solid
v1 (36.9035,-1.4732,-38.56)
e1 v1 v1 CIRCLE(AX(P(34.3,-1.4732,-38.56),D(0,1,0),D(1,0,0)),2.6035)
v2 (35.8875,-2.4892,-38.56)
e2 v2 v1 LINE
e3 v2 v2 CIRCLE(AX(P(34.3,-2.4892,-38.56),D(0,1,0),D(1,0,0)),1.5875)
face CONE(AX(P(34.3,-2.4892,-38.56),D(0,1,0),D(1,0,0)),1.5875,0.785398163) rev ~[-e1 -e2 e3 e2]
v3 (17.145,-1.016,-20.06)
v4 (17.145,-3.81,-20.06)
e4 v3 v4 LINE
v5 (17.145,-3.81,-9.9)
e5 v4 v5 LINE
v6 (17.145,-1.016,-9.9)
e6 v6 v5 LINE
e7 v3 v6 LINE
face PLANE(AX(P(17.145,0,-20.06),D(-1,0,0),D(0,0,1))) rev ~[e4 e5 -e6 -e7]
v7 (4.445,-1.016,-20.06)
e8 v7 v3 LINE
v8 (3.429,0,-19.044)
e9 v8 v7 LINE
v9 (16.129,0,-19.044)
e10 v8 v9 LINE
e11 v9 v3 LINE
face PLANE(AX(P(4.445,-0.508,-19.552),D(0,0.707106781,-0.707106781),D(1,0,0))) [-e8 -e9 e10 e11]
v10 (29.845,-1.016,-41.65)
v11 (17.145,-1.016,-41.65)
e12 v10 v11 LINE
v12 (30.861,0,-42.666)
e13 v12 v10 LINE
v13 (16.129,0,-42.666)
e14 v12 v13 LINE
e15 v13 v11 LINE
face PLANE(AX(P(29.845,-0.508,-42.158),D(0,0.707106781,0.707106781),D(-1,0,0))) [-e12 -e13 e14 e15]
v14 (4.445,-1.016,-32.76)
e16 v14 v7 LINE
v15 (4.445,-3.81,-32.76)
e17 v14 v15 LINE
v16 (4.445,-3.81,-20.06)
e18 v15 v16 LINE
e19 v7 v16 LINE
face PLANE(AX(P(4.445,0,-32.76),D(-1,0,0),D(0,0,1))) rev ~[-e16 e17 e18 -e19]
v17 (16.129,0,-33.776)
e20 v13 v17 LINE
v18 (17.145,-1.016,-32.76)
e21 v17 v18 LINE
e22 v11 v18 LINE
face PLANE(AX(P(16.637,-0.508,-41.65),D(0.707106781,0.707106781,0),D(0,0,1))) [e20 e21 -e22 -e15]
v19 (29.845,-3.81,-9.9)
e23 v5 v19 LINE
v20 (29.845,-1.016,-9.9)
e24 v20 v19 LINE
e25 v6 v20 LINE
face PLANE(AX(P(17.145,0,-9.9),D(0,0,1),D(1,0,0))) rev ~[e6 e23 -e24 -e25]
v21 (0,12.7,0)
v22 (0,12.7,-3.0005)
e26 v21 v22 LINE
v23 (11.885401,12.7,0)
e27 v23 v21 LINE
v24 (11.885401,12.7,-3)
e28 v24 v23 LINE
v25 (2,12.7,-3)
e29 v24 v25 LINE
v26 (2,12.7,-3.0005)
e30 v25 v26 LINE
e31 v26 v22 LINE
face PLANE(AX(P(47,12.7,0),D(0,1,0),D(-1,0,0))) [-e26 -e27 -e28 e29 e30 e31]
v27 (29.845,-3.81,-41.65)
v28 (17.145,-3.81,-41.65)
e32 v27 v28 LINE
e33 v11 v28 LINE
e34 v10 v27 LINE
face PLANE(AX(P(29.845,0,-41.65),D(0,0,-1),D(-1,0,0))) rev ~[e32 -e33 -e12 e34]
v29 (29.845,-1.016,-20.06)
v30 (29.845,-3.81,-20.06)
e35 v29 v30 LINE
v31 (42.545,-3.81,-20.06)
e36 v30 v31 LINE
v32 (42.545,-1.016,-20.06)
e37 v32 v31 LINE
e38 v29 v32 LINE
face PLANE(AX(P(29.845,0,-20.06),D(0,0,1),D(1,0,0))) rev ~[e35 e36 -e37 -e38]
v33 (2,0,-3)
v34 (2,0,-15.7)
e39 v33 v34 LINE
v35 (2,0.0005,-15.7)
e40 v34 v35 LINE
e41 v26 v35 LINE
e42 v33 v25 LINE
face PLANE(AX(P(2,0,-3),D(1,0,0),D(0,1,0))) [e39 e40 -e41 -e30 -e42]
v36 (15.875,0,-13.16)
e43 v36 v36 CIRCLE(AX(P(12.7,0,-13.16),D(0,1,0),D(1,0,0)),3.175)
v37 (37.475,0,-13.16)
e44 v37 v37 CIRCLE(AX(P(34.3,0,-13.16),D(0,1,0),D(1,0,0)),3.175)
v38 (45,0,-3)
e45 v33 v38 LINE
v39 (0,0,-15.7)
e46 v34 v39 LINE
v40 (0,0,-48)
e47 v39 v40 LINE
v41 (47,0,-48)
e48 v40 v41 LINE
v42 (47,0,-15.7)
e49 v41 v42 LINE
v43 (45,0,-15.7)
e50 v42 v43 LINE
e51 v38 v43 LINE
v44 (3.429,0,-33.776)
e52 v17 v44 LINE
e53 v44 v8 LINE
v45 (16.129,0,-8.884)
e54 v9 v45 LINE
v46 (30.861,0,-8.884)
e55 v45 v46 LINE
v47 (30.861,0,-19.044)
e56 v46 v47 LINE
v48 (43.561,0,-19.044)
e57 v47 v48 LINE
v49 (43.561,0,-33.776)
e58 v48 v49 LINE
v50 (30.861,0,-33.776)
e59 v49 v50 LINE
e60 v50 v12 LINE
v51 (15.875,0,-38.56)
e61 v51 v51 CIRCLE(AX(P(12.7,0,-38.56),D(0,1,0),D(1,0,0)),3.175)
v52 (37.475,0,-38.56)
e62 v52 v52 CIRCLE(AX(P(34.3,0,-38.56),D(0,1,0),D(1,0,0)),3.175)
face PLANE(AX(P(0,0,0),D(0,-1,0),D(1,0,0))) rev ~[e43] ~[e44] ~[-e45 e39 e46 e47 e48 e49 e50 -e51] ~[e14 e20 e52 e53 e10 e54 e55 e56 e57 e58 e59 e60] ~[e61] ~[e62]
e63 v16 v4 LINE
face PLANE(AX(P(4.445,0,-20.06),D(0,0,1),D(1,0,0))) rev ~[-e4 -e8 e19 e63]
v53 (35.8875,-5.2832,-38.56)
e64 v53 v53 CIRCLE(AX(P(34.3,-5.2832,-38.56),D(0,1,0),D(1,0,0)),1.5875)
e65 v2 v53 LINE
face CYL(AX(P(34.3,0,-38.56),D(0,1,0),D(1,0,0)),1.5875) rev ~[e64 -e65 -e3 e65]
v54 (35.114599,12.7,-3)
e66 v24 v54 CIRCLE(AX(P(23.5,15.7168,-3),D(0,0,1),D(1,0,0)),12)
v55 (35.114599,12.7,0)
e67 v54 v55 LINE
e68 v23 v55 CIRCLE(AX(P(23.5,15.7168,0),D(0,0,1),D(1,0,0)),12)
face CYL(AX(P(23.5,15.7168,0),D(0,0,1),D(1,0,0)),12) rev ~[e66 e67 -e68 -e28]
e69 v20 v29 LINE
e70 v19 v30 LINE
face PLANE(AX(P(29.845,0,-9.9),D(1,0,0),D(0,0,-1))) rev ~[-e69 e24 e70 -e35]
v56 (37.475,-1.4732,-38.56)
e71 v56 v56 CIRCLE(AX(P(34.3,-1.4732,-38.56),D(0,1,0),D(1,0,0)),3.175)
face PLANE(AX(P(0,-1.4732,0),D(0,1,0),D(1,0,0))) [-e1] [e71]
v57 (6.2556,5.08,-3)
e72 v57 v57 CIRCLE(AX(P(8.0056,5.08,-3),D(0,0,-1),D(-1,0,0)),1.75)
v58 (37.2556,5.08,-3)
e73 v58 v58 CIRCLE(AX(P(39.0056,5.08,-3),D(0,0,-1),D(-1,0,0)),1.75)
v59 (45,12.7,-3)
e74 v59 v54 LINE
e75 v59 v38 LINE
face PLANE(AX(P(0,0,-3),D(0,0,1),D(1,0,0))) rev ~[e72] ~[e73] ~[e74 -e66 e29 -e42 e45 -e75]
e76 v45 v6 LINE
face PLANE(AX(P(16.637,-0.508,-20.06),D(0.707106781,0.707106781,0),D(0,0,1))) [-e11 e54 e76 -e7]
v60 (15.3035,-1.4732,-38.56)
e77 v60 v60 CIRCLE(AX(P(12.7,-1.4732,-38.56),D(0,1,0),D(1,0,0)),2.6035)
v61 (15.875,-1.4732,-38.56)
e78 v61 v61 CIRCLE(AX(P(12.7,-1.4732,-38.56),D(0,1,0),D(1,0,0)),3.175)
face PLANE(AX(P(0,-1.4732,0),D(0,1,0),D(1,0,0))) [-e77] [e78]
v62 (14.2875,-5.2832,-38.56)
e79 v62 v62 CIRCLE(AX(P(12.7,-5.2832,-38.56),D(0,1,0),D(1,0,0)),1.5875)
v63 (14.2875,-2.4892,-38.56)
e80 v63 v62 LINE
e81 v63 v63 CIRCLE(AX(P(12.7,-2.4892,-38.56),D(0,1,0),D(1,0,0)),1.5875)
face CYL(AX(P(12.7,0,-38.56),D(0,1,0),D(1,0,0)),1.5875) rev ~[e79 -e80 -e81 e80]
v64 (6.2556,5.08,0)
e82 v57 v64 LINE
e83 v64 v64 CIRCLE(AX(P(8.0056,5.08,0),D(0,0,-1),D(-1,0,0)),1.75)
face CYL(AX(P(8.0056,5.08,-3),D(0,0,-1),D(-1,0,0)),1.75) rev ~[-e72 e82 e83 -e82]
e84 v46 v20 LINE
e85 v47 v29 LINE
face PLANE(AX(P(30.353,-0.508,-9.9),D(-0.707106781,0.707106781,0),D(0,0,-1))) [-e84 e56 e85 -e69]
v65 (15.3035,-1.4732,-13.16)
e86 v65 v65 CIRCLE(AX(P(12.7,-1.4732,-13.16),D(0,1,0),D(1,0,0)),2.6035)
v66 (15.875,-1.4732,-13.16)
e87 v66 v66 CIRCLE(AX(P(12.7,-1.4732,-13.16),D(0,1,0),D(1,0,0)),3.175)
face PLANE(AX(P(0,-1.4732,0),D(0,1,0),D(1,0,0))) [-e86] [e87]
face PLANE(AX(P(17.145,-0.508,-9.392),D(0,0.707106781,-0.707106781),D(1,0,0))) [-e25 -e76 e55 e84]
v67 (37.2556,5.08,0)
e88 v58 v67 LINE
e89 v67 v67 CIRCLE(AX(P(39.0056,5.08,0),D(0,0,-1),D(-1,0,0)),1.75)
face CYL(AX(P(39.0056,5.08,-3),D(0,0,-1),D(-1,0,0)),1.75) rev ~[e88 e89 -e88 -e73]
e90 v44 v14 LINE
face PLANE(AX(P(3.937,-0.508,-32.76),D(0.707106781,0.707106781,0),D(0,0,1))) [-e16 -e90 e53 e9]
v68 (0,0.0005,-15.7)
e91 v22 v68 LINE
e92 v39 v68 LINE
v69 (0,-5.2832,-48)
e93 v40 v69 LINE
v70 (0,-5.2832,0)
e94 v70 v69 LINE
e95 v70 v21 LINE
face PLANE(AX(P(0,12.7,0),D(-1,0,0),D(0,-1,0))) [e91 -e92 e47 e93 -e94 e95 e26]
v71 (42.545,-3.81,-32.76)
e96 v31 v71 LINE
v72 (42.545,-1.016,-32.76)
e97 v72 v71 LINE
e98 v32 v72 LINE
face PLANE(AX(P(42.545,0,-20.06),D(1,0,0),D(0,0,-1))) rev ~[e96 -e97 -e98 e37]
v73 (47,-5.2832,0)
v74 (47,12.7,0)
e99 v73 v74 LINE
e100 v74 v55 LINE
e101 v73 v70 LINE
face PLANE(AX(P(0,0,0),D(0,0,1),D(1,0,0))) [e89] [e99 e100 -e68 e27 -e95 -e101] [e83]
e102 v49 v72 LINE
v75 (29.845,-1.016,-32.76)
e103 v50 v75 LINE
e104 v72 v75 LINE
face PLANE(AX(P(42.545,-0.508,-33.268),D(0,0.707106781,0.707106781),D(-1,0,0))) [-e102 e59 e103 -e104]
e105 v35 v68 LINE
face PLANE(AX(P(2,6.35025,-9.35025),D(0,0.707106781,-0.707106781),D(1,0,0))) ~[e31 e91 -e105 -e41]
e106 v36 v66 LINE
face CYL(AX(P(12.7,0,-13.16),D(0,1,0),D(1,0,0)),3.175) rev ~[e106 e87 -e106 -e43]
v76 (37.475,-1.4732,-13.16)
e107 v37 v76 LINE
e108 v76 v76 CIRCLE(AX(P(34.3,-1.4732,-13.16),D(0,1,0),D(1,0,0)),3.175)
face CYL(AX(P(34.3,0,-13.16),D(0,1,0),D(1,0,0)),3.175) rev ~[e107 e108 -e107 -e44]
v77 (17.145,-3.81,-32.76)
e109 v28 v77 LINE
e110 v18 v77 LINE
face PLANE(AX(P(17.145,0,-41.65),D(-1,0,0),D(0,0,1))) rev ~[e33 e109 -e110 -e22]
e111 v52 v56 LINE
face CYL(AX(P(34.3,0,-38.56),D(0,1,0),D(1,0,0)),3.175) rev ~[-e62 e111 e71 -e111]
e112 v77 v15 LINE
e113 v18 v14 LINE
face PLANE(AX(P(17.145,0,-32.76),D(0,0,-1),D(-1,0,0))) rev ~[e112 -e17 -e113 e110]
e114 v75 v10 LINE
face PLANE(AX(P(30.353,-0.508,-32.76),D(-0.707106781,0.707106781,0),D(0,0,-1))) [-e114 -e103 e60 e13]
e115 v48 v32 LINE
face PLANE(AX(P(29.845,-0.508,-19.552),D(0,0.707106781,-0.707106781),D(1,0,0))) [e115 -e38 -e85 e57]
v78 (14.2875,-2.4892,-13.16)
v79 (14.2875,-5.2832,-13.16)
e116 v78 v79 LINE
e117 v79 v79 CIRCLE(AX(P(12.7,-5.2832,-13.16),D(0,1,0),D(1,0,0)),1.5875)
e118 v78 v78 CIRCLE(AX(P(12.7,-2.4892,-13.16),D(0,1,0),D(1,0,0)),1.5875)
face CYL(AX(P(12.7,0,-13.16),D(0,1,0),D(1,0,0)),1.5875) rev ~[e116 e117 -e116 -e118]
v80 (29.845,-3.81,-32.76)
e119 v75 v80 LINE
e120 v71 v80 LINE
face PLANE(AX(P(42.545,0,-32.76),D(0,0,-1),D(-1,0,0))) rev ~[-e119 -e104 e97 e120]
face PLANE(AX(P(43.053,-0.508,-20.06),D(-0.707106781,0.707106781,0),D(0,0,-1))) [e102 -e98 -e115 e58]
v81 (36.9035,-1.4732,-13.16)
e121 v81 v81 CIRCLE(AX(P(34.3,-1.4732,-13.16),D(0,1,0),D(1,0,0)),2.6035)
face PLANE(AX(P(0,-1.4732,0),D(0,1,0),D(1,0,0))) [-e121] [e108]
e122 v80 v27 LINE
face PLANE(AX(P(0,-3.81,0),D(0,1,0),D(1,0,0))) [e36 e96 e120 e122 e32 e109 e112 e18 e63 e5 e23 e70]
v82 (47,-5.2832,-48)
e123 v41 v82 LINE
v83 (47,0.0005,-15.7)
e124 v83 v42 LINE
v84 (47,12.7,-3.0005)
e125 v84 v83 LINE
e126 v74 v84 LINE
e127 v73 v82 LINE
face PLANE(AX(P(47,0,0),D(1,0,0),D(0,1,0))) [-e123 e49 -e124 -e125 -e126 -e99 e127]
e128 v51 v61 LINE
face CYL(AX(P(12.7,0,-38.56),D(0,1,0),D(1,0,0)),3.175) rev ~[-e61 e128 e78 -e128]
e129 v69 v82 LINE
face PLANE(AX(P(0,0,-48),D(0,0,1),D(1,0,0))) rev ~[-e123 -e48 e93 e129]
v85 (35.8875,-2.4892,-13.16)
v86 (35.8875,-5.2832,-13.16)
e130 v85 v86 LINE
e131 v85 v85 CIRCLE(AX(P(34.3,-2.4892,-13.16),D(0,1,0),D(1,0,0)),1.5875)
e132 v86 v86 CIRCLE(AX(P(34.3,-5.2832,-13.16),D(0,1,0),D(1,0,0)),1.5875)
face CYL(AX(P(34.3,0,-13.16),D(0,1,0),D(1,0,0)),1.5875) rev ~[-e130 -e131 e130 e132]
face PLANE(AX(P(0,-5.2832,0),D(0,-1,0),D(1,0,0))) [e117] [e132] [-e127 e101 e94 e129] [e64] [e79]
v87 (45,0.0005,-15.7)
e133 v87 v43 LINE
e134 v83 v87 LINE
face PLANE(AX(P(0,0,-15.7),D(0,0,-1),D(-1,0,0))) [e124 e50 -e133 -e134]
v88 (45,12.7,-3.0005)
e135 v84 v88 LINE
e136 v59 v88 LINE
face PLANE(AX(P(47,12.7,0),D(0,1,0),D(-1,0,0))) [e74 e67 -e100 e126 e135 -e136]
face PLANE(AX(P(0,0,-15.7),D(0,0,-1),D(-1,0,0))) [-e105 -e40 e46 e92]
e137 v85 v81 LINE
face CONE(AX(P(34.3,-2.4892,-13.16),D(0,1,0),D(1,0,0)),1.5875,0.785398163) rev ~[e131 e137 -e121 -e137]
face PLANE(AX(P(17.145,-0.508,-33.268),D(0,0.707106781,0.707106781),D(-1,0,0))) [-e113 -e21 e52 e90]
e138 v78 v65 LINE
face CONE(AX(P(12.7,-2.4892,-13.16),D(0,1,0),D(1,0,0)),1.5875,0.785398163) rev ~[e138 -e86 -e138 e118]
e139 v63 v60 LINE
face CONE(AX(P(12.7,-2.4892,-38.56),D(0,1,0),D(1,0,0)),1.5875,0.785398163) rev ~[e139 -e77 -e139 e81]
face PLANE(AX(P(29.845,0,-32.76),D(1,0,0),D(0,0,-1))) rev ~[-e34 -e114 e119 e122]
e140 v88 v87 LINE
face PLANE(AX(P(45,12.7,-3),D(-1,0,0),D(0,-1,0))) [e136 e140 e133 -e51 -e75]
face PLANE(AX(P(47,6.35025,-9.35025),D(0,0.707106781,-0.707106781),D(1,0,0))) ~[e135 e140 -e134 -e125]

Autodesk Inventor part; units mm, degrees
ref_plane "YZ Plane" through (0, 0, 0) normal (1, 0, 0) x (0, 1, 0)
ref_plane "XZ Plane" through (0, 0, 0) normal (0, 1, 0) x (-1, 0, 0)
ref_plane "XY Plane" through (0, 0, 0) normal (0, 0, 1) x (1, 0, 0)
sketch "Sketch1" plane through (0, 0, 0) normal (0, 0, 1) x (1, 0, 0)
  line L0 (0, 0) -> (47, 0)
  line L1 (47, 0) -> (47, 12.7)
  line L2 (47, 12.7) -> (0, 12.7)
  line L3 (0, 12.7) -> (0, 0)
  dimension "d0" = 47
  dimension "d1" = 12.7
extrude "Extrusion1" add sketch "Sketch1" against normal blind 3
sketch "Sketch2" plane through (0, 0, 0) normal (0, -1, 0) x (1, 0, 0)
  line L0 (47, 0) -> (0, 0)
  line L1 (0, 0) -> (0, -48)
  line L2 (0, -48) -> (47, -48)
  line L3 (47, -48) -> (47, 0)
  line L4 (47, 0) -> (47, -3) projected
  line L5 (47, 0) -> (0, 0) projected
  dimension "d6" = 0
  dimension "d24" = 48
  dimension "d25" = 0
extrude "Extrusion2" add sketch "Sketch2" along normal blind 5.2832
sketch "Sketch3" plane through (0, 0, -3) normal (0, 0, -1) x (-1, 0, 0)
  line L0 (-47, 12.7) -> (-47, 0) projected
  line L1 (-47, 0) -> (0, 0) projected
  line L2 (-47, 12.7) -> (-45, 12.7)
  line L3 (-45, 12.7) -> (-45, 0)
  line L4 (-45, 0) -> (-47, 0)
  line L5 (-47, 0) -> (-47, 12.7)
  line L6 (0, 0) -> (0, 12.7) projected
  line L7 (0, 0) -> (-2, 0)
  line L8 (-2, 0) -> (-2, 12.7)
  line L9 (-2, 12.7) -> (0, 12.7)
  line L10 (0, 12.7) -> (0, 0)
  dimension "d7" = 2
  dimension "d8" = 2
  dimension "d9" = 12.7
extrude "Extrusion3" add sketch "Sketch3" along normal blind 12.7
chamfer "Chamfer1" distance 12.7 angle 45 2 edges at (46, 12.7, -15.7) (1, 12.7, -15.7)
sketch "Sketch4" plane through (0, 0, -3) normal (0, 0, -1) x (-1, 0, 0)
  circle A0 centre (-39.0056, 5.08) radius 1.75
  circle A1 centre (-8.0056, 5.08) radius 1.75
  line L0 (-45, 0) -> (-45, 12.7) projected
  line L1 (-2, 12.7) -> (-2, 0) projected
  line L2 (0, 0) -> (-47, 0) projected
  dimension "d15" = 3.5
  dimension "d16" = 3.5
  dimension "d17" = 5.9944
  dimension "d18" = 31
  dimension "d19" = 6.0056
  dimension "d20" = 5.08
  dimension "d21" = 5.08
extrude "Extrusion4" cut sketch "Sketch4" against normal blind 12.7
sketch "Sketch5" plane through (0, 0, 0) normal (0, 0, 1) x (1, 0, 0)
  circle A0 centre (23.5, 15.7168) radius 12
  line L0 (47, -5.2832) -> (47, 12.7) projected
  line L1 (47, -5.2832) -> (0, -5.2832) projected
  point P0 (0, 0)
  dimension "d26" = 24
  dimension "d27" = 23.5
  dimension "d28" = 21
extrude "Extrusion5" cut sketch "Sketch5" against normal blind 5.2832
sketch "Sketch6" plane through (0, 0, 0) normal (0, 1, 0) x (1, 0, 0)
  circle A0 centre (12.7, 13.16) radius 1.5875
  circle A1 centre (12.7, 38.56) radius 1.5875
  circle A2 centre (34.3, 38.56) radius 1.5875
  circle A3 centre (34.3, 13.16) radius 1.5875
  line L0 (2, 3) -> (11.8854, 3) projected
  line L1 (0, 15.7) -> (0, 48) projected
  line L2 (47, 48) -> (47, 15.7) projected
  point P0 (0, 0)
  dimension "d31" = 3.175
  dimension "d32" = 3.175
  dimension "d33" = 3.175
  dimension "d34" = 3.175
  dimension "d35" = 10.16
  dimension "d36" = 25.4
  dimension "d37" = 25.4
  dimension "d38" = 10.16
  dimension "d39" = 12.7
  dimension "d40" = 12.7
  dimension "d41" = 12.7
  dimension "d42" = 12.7
extrude "Extrusion6" cut sketch "Sketch6" against normal blind 5.2832
sketch "Sketch7" plane through (0, 0, 0) normal (0, 1, 0) x (1, 0, 0)
  circle A0 centre (12.7, 13.16) radius 1.5875 projected
  circle A1 centre (12.7, 13.16) radius 3.175
  circle A2 centre (12.7, 38.56) radius 1.5875 projected
  circle A3 centre (12.7, 38.56) radius 3.175
  circle A4 centre (34.3, 13.16) radius 1.5875 projected
  circle A5 centre (34.3, 13.16) radius 3.175
  circle A6 centre (34.3, 38.56) radius 1.5875 projected
  circle A7 centre (34.3, 38.56) radius 3.175
  point P0 (0, 0)
  dimension "d45" = 6.35
  dimension "d46" = 6.35
  dimension "d47" = 6.35
  dimension "d48" = 6.35
extrude "Extrusion7" cut sketch "Sketch7" against normal blind 1.4732 contours A0 | A1 | A2 | A3 | A4 | A5 | A6 | A7
chamfer "Chamfer2" distance 1.016 angle 45 4 edges at (11.1125, -1.4732, -13.16) (32.7125, -1.4732, -13.16) (11.1125, -1.4732, -38.56) (32.7125, -1.4732, -38.56)
sketch "Sketch8" plane through (0, 0, 0) normal (0, 1, 0) x (1, 0, 0)
  line L0 (4.445, 20.06) -> (42.545, 20.06)
  line L1 (42.545, 20.06) -> (42.545, 32.76)
  line L2 (42.545, 32.76) -> (4.445, 32.76)
  line L3 (4.445, 32.76) -> (4.445, 20.06)
  line L4 (17.145, 9.9) -> (29.845, 9.9)
  line L5 (29.845, 9.9) -> (29.845, 41.65)
  line L6 (29.845, 41.65) -> (17.145, 41.65)
  line L7 (17.145, 41.65) -> (17.145, 9.9)
  line L8 (0, 15.7) -> (0, 48) projected
  line L9 (47, 48) -> (47, 15.7) projected
  line L10 (0, 48) -> (47, 48) projected
  point P0 (0, 0)
  point P1 (17.145, 20.06)
  point P2 (29.845, 20.06)
  point P3 (29.845, 32.76)
  point P4 (17.145, 32.76)
  dimension "d54" = 12.7
  dimension "d55" = 38.1
  dimension "d56" = 4.445
  dimension "d57" = 4.455
  dimension "d58" = 15.24
  dimension "d59" = 12.7
  dimension "d60" = 17.145
  dimension "d61" = 17.155
  dimension "d62" = 31.75
  dimension "d63" = 6.35
extrude "Extrusion8" cut sketch "Sketch8" against normal blind 3.81
chamfer "Chamfer3" distance 1.016 angle 45 12 edges at (10.795, 0, -20.06) (4.445, 0, -26.41) (10.795, 0, -32.76) (17.145, 0, -37.205) (23.495, 0, -41.65) (29.845, 0, -37.205) (36.195, 0, -32.76) (42.545, 0, -26.41) (36.195, 0, -20.06) (29.845, 0, -14.98) (23.495, 0, -9.9) (17.145, 0, -14.98)
properties part number "StepperMount"
